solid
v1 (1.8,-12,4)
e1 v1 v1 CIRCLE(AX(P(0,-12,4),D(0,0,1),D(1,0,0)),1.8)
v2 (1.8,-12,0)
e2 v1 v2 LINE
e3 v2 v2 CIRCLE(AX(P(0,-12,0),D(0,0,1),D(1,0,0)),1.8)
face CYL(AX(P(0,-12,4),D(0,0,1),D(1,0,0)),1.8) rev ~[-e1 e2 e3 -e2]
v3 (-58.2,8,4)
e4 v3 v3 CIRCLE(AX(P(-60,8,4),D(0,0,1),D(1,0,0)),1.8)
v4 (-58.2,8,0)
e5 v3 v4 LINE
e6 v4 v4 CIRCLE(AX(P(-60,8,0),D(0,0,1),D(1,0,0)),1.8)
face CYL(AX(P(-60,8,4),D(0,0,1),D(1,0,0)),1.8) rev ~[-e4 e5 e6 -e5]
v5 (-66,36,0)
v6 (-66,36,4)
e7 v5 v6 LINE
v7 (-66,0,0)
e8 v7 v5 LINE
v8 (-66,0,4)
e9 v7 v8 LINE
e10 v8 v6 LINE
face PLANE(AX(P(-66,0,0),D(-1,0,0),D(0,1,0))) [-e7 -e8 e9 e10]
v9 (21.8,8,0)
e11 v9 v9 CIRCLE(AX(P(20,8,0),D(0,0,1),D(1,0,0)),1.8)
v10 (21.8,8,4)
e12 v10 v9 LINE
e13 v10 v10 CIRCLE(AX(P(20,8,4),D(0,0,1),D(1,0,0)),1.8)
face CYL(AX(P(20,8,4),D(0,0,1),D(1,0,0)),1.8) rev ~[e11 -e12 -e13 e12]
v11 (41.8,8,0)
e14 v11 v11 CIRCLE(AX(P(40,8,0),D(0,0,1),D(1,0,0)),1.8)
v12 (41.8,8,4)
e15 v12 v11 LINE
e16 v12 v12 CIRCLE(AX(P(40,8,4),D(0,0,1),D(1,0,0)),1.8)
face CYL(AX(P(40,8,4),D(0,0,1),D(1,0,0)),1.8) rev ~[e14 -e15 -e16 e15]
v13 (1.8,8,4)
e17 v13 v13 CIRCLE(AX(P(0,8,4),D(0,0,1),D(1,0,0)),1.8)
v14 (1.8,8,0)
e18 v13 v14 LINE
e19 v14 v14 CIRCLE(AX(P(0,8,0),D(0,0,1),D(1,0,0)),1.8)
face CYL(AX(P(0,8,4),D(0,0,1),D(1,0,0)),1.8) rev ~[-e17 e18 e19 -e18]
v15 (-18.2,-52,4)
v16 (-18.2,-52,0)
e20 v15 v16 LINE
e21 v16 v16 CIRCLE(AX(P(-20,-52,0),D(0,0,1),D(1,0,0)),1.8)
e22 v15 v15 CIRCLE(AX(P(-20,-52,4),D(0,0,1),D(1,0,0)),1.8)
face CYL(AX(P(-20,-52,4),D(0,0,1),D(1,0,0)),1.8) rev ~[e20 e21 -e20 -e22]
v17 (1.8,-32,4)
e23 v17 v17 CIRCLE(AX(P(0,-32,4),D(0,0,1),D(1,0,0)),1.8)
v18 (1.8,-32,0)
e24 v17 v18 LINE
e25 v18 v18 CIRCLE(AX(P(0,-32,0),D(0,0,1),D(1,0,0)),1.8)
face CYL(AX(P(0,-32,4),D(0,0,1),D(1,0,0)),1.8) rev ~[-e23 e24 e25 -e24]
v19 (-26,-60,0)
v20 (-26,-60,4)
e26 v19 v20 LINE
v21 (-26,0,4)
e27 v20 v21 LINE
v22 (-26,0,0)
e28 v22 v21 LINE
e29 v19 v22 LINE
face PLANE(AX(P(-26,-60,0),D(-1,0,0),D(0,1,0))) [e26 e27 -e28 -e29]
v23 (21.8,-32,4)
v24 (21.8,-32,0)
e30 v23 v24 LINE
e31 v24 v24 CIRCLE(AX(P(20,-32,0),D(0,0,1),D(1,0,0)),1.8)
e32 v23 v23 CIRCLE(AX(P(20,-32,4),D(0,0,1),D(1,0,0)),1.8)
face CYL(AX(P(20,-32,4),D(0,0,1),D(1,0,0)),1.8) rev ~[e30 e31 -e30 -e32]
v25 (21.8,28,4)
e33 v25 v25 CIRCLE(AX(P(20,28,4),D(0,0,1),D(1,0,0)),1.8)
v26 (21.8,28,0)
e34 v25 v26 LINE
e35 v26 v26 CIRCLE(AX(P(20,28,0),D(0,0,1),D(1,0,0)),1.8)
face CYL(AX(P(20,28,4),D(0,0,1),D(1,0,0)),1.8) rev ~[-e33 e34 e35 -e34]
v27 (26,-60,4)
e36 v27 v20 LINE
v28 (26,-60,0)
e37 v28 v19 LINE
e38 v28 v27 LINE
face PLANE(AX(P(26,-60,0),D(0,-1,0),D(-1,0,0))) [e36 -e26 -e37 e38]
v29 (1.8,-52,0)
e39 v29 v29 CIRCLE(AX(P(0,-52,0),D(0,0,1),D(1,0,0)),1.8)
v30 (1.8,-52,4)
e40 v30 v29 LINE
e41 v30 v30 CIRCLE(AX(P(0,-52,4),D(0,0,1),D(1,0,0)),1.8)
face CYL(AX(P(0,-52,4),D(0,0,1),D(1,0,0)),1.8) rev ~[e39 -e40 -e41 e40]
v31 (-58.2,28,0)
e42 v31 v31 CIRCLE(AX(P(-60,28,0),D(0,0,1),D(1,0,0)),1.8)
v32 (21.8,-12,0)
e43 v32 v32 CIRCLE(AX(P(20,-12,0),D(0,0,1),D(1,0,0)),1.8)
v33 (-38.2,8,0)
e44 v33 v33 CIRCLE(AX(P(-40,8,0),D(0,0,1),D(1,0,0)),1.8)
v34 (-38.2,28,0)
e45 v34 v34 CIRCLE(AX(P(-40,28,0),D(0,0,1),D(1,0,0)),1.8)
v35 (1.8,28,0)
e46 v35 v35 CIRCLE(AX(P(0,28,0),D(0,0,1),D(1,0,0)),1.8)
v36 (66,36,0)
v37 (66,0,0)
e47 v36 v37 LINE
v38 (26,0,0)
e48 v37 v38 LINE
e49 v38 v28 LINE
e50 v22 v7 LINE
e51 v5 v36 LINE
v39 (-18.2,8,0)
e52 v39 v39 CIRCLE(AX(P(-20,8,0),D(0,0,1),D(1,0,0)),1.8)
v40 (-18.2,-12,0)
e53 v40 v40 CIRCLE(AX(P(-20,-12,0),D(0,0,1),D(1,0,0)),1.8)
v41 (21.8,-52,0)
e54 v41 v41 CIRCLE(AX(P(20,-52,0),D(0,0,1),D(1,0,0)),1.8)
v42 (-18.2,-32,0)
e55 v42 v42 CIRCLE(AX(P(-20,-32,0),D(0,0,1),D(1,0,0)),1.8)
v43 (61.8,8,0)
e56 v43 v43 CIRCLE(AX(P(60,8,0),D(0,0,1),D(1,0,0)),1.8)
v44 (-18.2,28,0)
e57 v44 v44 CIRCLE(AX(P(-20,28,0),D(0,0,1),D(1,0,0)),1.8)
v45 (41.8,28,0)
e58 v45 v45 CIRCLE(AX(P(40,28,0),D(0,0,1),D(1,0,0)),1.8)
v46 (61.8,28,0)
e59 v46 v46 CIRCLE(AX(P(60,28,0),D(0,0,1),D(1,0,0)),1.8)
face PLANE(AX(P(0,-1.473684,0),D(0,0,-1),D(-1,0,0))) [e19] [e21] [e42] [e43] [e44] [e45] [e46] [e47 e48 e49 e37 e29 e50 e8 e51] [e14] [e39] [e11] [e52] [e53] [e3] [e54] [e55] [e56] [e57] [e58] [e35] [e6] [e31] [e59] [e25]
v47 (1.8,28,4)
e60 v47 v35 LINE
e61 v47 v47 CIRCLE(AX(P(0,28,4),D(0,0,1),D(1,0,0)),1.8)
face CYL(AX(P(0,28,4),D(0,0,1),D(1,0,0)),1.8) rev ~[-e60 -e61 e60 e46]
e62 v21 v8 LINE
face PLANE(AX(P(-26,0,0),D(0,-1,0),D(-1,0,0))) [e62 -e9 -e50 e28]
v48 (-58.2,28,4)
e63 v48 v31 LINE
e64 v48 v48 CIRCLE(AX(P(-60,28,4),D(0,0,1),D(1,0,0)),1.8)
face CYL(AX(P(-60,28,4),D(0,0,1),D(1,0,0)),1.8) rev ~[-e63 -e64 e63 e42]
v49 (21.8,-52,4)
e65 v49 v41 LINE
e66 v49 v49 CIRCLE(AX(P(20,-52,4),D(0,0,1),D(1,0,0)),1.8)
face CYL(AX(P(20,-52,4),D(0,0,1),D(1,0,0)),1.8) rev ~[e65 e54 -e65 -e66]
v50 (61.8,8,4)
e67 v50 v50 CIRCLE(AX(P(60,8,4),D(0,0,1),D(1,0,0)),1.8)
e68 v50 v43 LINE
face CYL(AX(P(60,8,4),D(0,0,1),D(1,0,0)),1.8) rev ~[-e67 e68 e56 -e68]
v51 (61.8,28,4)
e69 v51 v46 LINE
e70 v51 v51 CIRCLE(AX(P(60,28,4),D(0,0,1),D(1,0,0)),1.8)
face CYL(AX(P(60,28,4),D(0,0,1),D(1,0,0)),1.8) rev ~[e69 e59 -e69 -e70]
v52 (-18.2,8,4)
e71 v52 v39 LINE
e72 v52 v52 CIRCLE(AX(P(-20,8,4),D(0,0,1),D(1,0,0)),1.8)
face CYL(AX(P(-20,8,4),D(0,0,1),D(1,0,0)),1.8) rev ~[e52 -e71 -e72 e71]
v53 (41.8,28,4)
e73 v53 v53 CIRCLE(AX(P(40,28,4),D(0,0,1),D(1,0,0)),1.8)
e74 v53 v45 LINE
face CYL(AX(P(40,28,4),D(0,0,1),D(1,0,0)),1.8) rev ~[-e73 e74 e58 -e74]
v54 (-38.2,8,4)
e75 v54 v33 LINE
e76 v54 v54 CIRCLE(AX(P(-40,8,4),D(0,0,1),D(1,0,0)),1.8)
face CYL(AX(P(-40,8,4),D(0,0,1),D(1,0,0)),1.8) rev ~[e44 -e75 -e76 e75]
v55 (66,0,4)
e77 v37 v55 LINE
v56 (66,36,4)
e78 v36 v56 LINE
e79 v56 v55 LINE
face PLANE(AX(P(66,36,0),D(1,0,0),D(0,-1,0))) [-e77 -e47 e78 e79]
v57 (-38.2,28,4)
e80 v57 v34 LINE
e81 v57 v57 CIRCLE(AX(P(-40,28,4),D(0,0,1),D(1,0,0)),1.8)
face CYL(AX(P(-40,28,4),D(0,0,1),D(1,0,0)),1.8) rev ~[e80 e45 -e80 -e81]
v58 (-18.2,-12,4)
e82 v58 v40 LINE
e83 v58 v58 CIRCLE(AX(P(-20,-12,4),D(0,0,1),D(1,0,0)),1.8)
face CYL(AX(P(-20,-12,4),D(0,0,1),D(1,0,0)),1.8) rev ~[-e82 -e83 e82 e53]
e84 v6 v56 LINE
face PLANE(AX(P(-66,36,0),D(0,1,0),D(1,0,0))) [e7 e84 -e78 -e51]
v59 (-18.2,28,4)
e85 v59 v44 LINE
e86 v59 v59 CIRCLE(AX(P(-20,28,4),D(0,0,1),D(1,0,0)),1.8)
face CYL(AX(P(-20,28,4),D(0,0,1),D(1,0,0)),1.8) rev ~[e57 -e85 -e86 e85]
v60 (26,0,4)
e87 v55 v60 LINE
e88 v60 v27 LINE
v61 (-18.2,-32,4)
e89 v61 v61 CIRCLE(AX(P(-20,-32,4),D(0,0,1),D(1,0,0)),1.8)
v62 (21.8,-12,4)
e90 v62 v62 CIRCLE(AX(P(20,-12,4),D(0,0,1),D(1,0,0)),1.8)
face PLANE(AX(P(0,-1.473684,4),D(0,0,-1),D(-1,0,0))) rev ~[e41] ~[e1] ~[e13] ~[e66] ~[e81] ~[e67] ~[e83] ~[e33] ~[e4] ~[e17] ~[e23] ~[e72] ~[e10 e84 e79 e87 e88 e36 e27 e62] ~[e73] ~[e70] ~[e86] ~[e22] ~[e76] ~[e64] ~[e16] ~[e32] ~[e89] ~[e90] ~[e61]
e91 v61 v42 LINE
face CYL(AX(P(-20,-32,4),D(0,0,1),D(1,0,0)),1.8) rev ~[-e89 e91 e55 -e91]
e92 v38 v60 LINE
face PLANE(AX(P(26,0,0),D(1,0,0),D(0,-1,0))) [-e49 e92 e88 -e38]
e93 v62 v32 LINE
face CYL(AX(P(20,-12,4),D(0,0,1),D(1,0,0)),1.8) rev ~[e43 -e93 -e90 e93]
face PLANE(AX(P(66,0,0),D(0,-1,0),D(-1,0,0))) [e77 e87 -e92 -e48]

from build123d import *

# Parameters (mm, degrees)
PAD_DEPTH    = 4
SKETCH001_R  = 1.8
POCKET_DEPTH = 5


with BuildPart() as part:
    # Sketch → Pad (new body)
    with BuildSketch(Plane.XY):
        Polygon((-66, 0), (-66, 36), (66, 36), (66, 0), (26, 0), (26, -60), (-26, -60), (-26, 0), align=None)
    extrude(amount=PAD_DEPTH)

    # Sketch001 (on Face10 of Pad) → Pocket (cut)
    with BuildSketch(Plane.XY.offset(4)):
        with Locations((-60, 28)):
            Circle(SKETCH001_R)
        with Locations((-40, 28)):
            Circle(SKETCH001_R)
        with Locations((-60, 8)):
            Circle(SKETCH001_R)
        with Locations((-40, 8)):
            Circle(SKETCH001_R)
        with Locations((40, 28)):
            Circle(SKETCH001_R)
        with Locations((40, 8)):
            Circle(SKETCH001_R)
        with Locations((60, 28)):
            Circle(SKETCH001_R)
        with Locations((60, 8)):
            Circle(SKETCH001_R)
        with Locations((-20, -52)):
            Circle(SKETCH001_R)
        with Locations((0, -52)):
            Circle(SKETCH001_R)
        with Locations((20, -52)):
            Circle(SKETCH001_R)
        with Locations((-20, -32)):
            Circle(SKETCH001_R)
        with Locations((0, -32)):
            Circle(SKETCH001_R)
        with Locations((20, -32)):
            Circle(SKETCH001_R)
        with Locations((-20, -12)):
            Circle(SKETCH001_R)
        with Locations((0, -12)):
            Circle(SKETCH001_R)
        with Locations((20, -12)):
            Circle(SKETCH001_R)
        with Locations((20, 8)):
            Circle(SKETCH001_R)
        with Locations((0, 8)):
            Circle(SKETCH001_R)
        with Locations((-20, 8)):
            Circle(SKETCH001_R)
        with Locations((-20, 28)):
            Circle(SKETCH001_R)
        with Locations((0, 28)):
            Circle(SKETCH001_R)
        with Locations((20, 28)):
            Circle(SKETCH001_R)
    extrude(amount=-POCKET_DEPTH, mode=Mode.SUBTRACT)


solid = part.part
